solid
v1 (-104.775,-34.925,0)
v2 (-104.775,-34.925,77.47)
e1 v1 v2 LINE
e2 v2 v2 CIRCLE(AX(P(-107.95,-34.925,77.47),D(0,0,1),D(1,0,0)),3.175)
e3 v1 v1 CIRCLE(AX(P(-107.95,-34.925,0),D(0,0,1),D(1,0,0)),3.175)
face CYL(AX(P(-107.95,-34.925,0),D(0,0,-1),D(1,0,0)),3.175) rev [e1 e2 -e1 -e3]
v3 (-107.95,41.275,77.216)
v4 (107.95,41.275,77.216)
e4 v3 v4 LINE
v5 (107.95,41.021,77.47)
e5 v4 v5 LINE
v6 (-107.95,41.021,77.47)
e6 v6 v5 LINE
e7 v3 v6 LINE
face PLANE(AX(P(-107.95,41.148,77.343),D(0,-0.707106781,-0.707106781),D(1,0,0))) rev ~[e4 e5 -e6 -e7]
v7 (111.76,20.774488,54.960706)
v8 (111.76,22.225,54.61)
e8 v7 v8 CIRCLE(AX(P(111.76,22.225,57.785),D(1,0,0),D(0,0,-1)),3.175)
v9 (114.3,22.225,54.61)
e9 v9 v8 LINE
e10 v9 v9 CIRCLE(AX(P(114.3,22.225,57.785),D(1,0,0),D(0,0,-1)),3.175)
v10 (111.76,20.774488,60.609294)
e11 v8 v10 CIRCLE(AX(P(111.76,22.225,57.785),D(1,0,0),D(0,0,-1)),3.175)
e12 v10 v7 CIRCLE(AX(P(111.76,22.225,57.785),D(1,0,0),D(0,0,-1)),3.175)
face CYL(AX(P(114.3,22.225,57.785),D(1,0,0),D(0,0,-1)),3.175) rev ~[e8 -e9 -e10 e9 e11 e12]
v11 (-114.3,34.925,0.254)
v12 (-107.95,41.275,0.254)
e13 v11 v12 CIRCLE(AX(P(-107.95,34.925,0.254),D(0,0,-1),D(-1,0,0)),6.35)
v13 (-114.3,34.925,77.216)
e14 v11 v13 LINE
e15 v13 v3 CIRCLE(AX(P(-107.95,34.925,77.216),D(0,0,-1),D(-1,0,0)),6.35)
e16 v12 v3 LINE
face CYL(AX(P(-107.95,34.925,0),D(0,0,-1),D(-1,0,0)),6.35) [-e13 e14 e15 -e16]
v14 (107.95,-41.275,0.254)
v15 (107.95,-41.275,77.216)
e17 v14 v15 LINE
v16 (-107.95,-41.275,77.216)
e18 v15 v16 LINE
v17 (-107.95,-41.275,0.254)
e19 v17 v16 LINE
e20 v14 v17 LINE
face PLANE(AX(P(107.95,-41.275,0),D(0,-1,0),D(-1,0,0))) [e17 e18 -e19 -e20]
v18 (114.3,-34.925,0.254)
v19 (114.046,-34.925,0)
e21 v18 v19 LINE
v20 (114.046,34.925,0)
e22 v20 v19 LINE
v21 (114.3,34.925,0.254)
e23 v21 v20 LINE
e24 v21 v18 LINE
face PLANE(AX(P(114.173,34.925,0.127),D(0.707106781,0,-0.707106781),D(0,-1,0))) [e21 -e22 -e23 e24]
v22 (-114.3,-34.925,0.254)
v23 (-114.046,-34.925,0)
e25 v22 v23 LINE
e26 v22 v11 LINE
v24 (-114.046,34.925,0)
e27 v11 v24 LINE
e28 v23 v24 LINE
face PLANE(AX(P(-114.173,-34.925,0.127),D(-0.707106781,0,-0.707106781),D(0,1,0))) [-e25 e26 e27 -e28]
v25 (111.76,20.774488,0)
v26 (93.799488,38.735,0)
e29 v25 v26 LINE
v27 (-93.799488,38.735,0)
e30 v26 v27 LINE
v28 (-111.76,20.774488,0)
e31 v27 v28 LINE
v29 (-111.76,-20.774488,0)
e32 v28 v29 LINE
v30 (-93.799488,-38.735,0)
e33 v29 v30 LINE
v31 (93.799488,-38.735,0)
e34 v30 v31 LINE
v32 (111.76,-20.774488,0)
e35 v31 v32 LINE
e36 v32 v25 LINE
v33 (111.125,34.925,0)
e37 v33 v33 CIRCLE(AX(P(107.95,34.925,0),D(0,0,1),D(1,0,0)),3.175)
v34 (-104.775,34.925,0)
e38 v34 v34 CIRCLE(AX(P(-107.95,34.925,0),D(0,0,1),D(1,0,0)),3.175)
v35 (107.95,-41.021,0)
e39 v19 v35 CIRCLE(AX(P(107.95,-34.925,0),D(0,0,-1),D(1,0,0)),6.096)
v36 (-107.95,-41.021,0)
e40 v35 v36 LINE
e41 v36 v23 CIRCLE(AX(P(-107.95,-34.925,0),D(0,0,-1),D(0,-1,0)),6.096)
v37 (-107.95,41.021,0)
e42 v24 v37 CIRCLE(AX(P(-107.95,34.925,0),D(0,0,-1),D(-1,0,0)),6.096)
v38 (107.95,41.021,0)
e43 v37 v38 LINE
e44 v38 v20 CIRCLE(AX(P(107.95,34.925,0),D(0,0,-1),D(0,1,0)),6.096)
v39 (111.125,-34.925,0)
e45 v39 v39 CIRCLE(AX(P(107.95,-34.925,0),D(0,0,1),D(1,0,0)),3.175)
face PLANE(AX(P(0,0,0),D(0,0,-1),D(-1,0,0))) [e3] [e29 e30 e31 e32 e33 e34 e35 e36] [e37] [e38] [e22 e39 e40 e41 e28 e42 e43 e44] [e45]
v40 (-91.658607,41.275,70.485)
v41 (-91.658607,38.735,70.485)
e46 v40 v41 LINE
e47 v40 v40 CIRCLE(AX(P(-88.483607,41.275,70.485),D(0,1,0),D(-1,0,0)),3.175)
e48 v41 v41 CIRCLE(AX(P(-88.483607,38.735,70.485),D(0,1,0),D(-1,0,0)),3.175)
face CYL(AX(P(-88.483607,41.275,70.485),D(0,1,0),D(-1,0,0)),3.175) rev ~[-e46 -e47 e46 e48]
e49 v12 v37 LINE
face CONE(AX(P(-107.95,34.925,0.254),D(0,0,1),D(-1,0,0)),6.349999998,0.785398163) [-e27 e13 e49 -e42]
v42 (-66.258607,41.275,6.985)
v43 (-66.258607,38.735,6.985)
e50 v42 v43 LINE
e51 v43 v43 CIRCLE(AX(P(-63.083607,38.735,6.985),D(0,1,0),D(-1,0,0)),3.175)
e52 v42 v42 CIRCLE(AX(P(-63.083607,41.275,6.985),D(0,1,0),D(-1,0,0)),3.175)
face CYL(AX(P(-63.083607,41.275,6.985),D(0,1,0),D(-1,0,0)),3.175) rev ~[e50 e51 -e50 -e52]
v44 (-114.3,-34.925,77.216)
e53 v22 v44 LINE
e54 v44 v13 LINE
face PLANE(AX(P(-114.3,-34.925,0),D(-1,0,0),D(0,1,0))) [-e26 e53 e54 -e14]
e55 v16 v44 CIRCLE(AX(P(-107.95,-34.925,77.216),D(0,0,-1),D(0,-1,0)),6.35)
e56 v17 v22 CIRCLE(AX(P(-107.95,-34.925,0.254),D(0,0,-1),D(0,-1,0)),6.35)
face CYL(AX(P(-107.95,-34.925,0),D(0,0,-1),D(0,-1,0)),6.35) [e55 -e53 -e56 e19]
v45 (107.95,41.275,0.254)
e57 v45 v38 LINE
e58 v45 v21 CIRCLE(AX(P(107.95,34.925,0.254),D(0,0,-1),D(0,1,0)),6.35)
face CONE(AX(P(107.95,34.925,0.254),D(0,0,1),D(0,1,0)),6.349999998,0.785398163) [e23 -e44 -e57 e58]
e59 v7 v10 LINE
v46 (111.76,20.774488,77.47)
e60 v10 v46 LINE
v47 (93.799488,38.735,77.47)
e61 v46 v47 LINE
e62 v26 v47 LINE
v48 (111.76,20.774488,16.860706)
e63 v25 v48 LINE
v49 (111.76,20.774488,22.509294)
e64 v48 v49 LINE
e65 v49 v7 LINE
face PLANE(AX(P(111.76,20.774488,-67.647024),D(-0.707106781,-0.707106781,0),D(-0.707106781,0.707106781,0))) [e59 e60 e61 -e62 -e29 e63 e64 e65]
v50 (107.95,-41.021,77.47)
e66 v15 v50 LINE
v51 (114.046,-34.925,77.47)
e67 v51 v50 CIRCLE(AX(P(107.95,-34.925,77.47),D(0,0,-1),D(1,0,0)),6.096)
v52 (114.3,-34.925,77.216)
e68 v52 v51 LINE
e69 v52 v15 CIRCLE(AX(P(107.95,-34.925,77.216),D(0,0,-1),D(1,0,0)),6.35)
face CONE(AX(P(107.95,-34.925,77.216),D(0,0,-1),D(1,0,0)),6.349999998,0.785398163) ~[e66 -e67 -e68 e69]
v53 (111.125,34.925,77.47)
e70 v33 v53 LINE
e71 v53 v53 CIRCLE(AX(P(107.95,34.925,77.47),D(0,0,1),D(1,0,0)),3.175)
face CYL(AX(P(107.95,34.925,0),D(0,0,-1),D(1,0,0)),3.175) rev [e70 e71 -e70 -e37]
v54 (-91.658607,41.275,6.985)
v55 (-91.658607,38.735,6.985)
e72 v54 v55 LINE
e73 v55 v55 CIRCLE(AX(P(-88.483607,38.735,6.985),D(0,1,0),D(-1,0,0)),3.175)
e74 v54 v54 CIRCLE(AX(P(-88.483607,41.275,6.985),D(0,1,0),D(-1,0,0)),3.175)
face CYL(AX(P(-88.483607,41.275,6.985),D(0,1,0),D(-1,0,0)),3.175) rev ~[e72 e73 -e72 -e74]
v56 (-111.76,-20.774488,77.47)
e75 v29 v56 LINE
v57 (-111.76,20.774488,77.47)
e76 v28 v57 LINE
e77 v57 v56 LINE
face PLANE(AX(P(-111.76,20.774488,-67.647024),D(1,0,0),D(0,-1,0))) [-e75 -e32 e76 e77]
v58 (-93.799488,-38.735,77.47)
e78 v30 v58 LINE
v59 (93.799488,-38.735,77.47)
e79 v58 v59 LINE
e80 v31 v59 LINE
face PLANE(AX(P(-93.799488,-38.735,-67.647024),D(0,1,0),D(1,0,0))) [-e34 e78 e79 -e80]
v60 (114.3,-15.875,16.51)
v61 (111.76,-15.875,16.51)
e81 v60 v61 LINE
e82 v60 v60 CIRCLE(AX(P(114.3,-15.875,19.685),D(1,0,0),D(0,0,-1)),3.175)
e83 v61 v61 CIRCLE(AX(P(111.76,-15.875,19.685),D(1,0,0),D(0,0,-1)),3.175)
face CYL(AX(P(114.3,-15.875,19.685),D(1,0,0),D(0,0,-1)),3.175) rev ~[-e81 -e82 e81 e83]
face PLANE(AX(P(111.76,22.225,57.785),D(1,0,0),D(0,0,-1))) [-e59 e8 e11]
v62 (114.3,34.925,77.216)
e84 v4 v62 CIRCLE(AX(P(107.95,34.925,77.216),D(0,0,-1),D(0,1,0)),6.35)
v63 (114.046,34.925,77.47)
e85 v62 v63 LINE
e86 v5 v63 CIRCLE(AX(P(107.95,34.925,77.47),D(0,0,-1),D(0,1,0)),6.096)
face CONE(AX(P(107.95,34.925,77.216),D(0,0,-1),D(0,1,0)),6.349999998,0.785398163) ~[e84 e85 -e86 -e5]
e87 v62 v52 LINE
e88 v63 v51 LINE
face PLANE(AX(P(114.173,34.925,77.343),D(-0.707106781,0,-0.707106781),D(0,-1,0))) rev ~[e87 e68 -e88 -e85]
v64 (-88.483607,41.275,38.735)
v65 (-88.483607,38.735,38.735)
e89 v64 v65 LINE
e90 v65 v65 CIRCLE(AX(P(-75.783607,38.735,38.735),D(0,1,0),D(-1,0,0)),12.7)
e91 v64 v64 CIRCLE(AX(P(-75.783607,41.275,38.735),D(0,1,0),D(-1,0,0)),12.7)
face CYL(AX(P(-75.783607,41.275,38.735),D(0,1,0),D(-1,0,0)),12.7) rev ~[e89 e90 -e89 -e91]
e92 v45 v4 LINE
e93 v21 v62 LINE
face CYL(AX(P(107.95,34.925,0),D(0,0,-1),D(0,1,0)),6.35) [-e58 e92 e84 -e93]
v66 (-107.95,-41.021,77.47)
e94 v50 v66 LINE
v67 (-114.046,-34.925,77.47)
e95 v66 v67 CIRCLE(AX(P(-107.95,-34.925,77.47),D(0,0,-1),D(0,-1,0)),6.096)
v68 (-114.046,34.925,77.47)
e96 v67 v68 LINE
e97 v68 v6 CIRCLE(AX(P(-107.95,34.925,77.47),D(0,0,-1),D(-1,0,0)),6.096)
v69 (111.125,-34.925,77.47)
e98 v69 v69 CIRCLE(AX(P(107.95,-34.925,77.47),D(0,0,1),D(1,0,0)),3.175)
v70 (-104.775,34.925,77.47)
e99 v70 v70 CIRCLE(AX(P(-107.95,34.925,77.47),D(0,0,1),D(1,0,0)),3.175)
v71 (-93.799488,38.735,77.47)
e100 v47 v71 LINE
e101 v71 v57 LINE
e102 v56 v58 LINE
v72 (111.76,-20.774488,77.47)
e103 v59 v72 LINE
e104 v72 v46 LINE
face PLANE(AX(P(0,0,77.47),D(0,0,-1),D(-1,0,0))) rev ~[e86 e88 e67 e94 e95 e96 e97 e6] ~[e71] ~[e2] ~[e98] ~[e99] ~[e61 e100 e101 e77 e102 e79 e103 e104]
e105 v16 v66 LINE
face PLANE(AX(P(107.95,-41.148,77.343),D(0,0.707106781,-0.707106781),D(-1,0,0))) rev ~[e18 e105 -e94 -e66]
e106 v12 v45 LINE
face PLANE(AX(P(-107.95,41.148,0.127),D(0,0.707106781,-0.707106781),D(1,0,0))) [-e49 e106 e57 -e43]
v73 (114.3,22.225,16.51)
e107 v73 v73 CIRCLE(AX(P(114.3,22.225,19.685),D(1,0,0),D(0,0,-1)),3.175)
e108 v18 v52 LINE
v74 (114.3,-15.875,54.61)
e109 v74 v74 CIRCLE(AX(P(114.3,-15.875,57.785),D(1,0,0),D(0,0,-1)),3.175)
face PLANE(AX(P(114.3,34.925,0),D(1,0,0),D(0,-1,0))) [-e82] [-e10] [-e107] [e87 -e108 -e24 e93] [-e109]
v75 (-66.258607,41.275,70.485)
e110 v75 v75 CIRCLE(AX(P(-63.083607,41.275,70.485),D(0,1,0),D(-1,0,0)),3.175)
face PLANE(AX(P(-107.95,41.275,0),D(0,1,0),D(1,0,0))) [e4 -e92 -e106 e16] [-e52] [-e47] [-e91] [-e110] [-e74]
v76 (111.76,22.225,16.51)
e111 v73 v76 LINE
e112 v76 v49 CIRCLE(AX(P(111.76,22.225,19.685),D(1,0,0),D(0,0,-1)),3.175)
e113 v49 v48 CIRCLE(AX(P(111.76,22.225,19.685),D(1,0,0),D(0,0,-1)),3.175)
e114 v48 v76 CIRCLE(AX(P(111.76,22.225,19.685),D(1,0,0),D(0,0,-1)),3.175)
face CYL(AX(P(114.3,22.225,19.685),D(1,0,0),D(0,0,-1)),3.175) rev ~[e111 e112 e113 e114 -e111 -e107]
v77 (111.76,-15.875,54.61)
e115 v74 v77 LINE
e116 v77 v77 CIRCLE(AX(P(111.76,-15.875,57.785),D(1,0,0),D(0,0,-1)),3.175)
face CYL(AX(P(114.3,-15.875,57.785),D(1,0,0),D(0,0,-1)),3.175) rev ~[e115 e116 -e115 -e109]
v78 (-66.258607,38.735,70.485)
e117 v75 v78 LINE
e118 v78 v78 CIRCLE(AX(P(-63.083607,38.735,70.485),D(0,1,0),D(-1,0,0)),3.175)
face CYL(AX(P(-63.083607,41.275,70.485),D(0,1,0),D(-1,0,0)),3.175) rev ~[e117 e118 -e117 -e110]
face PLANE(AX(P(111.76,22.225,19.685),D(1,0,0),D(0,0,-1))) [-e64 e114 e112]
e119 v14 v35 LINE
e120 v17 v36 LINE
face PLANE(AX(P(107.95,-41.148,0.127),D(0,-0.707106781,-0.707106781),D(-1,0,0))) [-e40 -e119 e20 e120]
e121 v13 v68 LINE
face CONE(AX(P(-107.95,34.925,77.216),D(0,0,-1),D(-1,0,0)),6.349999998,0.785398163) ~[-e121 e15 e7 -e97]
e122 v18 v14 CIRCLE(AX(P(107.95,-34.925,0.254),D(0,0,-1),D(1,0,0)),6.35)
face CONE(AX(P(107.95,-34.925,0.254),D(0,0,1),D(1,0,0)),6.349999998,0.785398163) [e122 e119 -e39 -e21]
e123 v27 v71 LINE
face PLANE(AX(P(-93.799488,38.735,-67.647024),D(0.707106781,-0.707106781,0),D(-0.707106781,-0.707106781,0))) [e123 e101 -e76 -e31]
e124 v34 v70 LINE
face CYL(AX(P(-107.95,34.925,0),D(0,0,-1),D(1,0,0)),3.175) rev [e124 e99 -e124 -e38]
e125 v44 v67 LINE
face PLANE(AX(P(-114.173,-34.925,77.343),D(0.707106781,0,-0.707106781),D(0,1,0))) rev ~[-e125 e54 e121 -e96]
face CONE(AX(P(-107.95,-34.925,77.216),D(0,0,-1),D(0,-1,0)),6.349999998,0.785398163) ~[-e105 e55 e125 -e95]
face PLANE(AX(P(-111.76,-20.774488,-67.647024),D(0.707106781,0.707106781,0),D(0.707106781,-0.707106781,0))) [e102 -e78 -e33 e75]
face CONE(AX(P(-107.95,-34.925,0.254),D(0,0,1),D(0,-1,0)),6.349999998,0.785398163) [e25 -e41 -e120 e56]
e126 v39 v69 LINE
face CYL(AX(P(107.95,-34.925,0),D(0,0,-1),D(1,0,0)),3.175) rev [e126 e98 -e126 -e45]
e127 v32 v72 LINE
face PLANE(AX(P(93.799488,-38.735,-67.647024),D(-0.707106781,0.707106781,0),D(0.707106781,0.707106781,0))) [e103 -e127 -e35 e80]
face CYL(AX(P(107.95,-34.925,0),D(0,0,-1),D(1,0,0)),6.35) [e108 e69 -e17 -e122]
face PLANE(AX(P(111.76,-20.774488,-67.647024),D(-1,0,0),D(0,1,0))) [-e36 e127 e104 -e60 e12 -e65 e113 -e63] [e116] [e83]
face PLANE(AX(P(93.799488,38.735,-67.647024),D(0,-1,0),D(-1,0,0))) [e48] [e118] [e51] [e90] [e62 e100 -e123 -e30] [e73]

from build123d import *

# Parameters (mm, degrees)
SKETCH3_R               = 3.175
SKETCH3_R_2             = 3.429
BOSS_EXTRUDE1_DEPTH     = 77.47
CHAMFER1_SIZE           = 0.254
CUT_EXTRUDE1_DEPTH      = 145.117023717
CUT_EXTRUDE1_DEPTH_BACK = 145.117023717
SKETCH4_R               = 3.175
SKETCH4_R_2             = 3.429
SKETCH5_R               = 3.175
SKETCH5_R_2             = 12.7
CUT_EXTRUDE2_DEPTH      = 2.54
SKETCH6_R               = 3.175
CUT_EXTRUDE3_DEPTH      = 2.54


with BuildPart() as part:
    # Sketch3 → Boss-Extrude1 (new body)
    with BuildSketch(Plane.XY):
        with BuildLine():
            Line((107.95, -41.275), (-107.95, -41.275))
            ThreePointArc((-107.95, -41.275), (-112.440128061, -39.415128061), (-114.3, -34.925))
            Line((-114.3, -34.925), (-114.3, 34.925))
            ThreePointArc((-114.3, 34.925), (-112.440128061, 39.415128061), (-107.95, 41.275))
            Line((-107.95, 41.275), (107.95, 41.275))
            ThreePointArc((107.95, 41.275), (112.440128061, 39.415128061), (114.3, 34.925))
            Line((114.3, 34.925), (114.3, -34.925))
            ThreePointArc((114.3, -34.925), (112.440128061, -39.415128061), (107.95, -41.275))
        make_face()
        with Locations((-107.95, 34.925)):
            Circle(SKETCH3_R, mode=Mode.SUBTRACT)
        with Locations((-107.95, -34.925)):
            Circle(SKETCH3_R, mode=Mode.SUBTRACT)
        with Locations((107.95, -34.925)):
            Circle(SKETCH3_R, mode=Mode.SUBTRACT)
        with Locations((107.95, 34.925)):
            Circle(SKETCH3_R, mode=Mode.SUBTRACT)
        with Locations((-85.598, 0)):
            Circle(SKETCH3_R_2, mode=Mode.SUBTRACT)
        with Locations((85.598, 0)):
            Circle(SKETCH3_R_2, mode=Mode.SUBTRACT)
        with Locations((-15.875, 5.732638889)):
            Circle(SKETCH3_R, mode=Mode.SUBTRACT)
        with Locations((15.875, 5.732638889)):
            Circle(SKETCH3_R, mode=Mode.SUBTRACT)
        with Locations((15.875, -5.732638889)):
            Circle(SKETCH3_R, mode=Mode.SUBTRACT)
        with Locations((-15.875, -5.732638889)):
            Circle(SKETCH3_R, mode=Mode.SUBTRACT)
    extrude(amount=BOSS_EXTRUDE1_DEPTH)

    # Chamfer1
    chamfer1_edges = [part.edges().sort_by_distance(p)[0] for p in [
        (-112.440128061, 39.415128061, 77.47),
        (0, 41.275, 0),
        (112.440128061, 39.415128061, 0),
        (-114.3, 0, 77.47),
        (-112.440128061, -39.415128061, 77.47),
        (0, -41.275, 77.47),
        (112.440128061, -39.415128061, 77.47),
        (114.3, 0, 77.47),
        (112.440128061, 39.415128061, 77.47),
        (0, 41.275, 77.47),
        (114.3, 0, 0),
        (112.440128061, -39.415128061, 0),
        (0, -41.275, 0),
        (-112.440128061, -39.415128061, 0),
        (-114.3, 0, 0),
        (-112.440128061, 39.415128061, 0),
    ]]
    chamfer(chamfer1_edges, length=CHAMFER1_SIZE)

    # Sketch4 → Cut-Extrude1 (cut, two sides: drawn at the far end of the back side and taken through both)
    with BuildSketch(Plane.XY.offset(77.47).offset(-CUT_EXTRUDE1_DEPTH_BACK)):
        Polygon((111.76, 20.774487758), (93.799487758, 38.735), (-93.799487758, 38.735), (-111.76, 20.774487758), (-111.76, -20.774487758), (-93.799487758, -38.735), (93.799487758, -38.735), (111.76, -20.774487758), align=None)
        with Locations((-15.875, -5.732638889)):
            Circle(SKETCH4_R, mode=Mode.SUBTRACT)
        with Locations((15.875, -5.732638889)):
            Circle(SKETCH4_R, mode=Mode.SUBTRACT)
        with Locations((-85.598, 0)):
            Circle(SKETCH4_R_2, mode=Mode.SUBTRACT)
        with Locations((-15.875, 5.732638889)):
            Circle(SKETCH4_R, mode=Mode.SUBTRACT)
        with Locations((15.875, 5.732638889)):
            Circle(SKETCH4_R, mode=Mode.SUBTRACT)
        with Locations((85.598, 0)):
            Circle(SKETCH4_R_2, mode=Mode.SUBTRACT)
    extrude(amount=CUT_EXTRUDE1_DEPTH + CUT_EXTRUDE1_DEPTH_BACK, mode=Mode.SUBTRACT)

    # Sketch5 → Cut-Extrude2 (cut)
    with BuildSketch(Plane(origin=(0, 41.275, 0), x_dir=(1, 0, 0), z_dir=(0, 1, 0))):
        with Locations(Location((-88.483606557, -6.985, 0), (0, 0, 180))):
            Circle(SKETCH5_R)
        with Locations(Location((-63.083606557, -6.985, 0), (0, 0, 180))):
            Circle(SKETCH5_R)
        with Locations(Location((-63.083606557, -70.485, 0), (0, 0, 180))):
            Circle(SKETCH5_R)
        with Locations(Location((-88.483606557, -70.485, 0), (0, 0, 180))):
            Circle(SKETCH5_R)
        with Locations(Location((-75.783606557, -38.735, 0), (0, 0, 180))):
            Circle(SKETCH5_R_2)
    extrude(amount=-CUT_EXTRUDE2_DEPTH, mode=Mode.SUBTRACT)

    # Sketch6 → Cut-Extrude3 (cut)
    with BuildSketch(Plane(origin=(114.3, 0, 0), x_dir=(0, 0, -1), z_dir=(1, 0, 0))):
        with Locations((-57.785, 22.225)):
            Circle(SKETCH6_R)
        with Locations((-19.685, 22.225)):
            Circle(SKETCH6_R)
        with Locations((-19.685, -15.875)):
            Circle(SKETCH6_R)
        with Locations((-57.785, -15.875)):
            Circle(SKETCH6_R)
    extrude(amount=-CUT_EXTRUDE3_DEPTH, mode=Mode.SUBTRACT)


solid = part.part
